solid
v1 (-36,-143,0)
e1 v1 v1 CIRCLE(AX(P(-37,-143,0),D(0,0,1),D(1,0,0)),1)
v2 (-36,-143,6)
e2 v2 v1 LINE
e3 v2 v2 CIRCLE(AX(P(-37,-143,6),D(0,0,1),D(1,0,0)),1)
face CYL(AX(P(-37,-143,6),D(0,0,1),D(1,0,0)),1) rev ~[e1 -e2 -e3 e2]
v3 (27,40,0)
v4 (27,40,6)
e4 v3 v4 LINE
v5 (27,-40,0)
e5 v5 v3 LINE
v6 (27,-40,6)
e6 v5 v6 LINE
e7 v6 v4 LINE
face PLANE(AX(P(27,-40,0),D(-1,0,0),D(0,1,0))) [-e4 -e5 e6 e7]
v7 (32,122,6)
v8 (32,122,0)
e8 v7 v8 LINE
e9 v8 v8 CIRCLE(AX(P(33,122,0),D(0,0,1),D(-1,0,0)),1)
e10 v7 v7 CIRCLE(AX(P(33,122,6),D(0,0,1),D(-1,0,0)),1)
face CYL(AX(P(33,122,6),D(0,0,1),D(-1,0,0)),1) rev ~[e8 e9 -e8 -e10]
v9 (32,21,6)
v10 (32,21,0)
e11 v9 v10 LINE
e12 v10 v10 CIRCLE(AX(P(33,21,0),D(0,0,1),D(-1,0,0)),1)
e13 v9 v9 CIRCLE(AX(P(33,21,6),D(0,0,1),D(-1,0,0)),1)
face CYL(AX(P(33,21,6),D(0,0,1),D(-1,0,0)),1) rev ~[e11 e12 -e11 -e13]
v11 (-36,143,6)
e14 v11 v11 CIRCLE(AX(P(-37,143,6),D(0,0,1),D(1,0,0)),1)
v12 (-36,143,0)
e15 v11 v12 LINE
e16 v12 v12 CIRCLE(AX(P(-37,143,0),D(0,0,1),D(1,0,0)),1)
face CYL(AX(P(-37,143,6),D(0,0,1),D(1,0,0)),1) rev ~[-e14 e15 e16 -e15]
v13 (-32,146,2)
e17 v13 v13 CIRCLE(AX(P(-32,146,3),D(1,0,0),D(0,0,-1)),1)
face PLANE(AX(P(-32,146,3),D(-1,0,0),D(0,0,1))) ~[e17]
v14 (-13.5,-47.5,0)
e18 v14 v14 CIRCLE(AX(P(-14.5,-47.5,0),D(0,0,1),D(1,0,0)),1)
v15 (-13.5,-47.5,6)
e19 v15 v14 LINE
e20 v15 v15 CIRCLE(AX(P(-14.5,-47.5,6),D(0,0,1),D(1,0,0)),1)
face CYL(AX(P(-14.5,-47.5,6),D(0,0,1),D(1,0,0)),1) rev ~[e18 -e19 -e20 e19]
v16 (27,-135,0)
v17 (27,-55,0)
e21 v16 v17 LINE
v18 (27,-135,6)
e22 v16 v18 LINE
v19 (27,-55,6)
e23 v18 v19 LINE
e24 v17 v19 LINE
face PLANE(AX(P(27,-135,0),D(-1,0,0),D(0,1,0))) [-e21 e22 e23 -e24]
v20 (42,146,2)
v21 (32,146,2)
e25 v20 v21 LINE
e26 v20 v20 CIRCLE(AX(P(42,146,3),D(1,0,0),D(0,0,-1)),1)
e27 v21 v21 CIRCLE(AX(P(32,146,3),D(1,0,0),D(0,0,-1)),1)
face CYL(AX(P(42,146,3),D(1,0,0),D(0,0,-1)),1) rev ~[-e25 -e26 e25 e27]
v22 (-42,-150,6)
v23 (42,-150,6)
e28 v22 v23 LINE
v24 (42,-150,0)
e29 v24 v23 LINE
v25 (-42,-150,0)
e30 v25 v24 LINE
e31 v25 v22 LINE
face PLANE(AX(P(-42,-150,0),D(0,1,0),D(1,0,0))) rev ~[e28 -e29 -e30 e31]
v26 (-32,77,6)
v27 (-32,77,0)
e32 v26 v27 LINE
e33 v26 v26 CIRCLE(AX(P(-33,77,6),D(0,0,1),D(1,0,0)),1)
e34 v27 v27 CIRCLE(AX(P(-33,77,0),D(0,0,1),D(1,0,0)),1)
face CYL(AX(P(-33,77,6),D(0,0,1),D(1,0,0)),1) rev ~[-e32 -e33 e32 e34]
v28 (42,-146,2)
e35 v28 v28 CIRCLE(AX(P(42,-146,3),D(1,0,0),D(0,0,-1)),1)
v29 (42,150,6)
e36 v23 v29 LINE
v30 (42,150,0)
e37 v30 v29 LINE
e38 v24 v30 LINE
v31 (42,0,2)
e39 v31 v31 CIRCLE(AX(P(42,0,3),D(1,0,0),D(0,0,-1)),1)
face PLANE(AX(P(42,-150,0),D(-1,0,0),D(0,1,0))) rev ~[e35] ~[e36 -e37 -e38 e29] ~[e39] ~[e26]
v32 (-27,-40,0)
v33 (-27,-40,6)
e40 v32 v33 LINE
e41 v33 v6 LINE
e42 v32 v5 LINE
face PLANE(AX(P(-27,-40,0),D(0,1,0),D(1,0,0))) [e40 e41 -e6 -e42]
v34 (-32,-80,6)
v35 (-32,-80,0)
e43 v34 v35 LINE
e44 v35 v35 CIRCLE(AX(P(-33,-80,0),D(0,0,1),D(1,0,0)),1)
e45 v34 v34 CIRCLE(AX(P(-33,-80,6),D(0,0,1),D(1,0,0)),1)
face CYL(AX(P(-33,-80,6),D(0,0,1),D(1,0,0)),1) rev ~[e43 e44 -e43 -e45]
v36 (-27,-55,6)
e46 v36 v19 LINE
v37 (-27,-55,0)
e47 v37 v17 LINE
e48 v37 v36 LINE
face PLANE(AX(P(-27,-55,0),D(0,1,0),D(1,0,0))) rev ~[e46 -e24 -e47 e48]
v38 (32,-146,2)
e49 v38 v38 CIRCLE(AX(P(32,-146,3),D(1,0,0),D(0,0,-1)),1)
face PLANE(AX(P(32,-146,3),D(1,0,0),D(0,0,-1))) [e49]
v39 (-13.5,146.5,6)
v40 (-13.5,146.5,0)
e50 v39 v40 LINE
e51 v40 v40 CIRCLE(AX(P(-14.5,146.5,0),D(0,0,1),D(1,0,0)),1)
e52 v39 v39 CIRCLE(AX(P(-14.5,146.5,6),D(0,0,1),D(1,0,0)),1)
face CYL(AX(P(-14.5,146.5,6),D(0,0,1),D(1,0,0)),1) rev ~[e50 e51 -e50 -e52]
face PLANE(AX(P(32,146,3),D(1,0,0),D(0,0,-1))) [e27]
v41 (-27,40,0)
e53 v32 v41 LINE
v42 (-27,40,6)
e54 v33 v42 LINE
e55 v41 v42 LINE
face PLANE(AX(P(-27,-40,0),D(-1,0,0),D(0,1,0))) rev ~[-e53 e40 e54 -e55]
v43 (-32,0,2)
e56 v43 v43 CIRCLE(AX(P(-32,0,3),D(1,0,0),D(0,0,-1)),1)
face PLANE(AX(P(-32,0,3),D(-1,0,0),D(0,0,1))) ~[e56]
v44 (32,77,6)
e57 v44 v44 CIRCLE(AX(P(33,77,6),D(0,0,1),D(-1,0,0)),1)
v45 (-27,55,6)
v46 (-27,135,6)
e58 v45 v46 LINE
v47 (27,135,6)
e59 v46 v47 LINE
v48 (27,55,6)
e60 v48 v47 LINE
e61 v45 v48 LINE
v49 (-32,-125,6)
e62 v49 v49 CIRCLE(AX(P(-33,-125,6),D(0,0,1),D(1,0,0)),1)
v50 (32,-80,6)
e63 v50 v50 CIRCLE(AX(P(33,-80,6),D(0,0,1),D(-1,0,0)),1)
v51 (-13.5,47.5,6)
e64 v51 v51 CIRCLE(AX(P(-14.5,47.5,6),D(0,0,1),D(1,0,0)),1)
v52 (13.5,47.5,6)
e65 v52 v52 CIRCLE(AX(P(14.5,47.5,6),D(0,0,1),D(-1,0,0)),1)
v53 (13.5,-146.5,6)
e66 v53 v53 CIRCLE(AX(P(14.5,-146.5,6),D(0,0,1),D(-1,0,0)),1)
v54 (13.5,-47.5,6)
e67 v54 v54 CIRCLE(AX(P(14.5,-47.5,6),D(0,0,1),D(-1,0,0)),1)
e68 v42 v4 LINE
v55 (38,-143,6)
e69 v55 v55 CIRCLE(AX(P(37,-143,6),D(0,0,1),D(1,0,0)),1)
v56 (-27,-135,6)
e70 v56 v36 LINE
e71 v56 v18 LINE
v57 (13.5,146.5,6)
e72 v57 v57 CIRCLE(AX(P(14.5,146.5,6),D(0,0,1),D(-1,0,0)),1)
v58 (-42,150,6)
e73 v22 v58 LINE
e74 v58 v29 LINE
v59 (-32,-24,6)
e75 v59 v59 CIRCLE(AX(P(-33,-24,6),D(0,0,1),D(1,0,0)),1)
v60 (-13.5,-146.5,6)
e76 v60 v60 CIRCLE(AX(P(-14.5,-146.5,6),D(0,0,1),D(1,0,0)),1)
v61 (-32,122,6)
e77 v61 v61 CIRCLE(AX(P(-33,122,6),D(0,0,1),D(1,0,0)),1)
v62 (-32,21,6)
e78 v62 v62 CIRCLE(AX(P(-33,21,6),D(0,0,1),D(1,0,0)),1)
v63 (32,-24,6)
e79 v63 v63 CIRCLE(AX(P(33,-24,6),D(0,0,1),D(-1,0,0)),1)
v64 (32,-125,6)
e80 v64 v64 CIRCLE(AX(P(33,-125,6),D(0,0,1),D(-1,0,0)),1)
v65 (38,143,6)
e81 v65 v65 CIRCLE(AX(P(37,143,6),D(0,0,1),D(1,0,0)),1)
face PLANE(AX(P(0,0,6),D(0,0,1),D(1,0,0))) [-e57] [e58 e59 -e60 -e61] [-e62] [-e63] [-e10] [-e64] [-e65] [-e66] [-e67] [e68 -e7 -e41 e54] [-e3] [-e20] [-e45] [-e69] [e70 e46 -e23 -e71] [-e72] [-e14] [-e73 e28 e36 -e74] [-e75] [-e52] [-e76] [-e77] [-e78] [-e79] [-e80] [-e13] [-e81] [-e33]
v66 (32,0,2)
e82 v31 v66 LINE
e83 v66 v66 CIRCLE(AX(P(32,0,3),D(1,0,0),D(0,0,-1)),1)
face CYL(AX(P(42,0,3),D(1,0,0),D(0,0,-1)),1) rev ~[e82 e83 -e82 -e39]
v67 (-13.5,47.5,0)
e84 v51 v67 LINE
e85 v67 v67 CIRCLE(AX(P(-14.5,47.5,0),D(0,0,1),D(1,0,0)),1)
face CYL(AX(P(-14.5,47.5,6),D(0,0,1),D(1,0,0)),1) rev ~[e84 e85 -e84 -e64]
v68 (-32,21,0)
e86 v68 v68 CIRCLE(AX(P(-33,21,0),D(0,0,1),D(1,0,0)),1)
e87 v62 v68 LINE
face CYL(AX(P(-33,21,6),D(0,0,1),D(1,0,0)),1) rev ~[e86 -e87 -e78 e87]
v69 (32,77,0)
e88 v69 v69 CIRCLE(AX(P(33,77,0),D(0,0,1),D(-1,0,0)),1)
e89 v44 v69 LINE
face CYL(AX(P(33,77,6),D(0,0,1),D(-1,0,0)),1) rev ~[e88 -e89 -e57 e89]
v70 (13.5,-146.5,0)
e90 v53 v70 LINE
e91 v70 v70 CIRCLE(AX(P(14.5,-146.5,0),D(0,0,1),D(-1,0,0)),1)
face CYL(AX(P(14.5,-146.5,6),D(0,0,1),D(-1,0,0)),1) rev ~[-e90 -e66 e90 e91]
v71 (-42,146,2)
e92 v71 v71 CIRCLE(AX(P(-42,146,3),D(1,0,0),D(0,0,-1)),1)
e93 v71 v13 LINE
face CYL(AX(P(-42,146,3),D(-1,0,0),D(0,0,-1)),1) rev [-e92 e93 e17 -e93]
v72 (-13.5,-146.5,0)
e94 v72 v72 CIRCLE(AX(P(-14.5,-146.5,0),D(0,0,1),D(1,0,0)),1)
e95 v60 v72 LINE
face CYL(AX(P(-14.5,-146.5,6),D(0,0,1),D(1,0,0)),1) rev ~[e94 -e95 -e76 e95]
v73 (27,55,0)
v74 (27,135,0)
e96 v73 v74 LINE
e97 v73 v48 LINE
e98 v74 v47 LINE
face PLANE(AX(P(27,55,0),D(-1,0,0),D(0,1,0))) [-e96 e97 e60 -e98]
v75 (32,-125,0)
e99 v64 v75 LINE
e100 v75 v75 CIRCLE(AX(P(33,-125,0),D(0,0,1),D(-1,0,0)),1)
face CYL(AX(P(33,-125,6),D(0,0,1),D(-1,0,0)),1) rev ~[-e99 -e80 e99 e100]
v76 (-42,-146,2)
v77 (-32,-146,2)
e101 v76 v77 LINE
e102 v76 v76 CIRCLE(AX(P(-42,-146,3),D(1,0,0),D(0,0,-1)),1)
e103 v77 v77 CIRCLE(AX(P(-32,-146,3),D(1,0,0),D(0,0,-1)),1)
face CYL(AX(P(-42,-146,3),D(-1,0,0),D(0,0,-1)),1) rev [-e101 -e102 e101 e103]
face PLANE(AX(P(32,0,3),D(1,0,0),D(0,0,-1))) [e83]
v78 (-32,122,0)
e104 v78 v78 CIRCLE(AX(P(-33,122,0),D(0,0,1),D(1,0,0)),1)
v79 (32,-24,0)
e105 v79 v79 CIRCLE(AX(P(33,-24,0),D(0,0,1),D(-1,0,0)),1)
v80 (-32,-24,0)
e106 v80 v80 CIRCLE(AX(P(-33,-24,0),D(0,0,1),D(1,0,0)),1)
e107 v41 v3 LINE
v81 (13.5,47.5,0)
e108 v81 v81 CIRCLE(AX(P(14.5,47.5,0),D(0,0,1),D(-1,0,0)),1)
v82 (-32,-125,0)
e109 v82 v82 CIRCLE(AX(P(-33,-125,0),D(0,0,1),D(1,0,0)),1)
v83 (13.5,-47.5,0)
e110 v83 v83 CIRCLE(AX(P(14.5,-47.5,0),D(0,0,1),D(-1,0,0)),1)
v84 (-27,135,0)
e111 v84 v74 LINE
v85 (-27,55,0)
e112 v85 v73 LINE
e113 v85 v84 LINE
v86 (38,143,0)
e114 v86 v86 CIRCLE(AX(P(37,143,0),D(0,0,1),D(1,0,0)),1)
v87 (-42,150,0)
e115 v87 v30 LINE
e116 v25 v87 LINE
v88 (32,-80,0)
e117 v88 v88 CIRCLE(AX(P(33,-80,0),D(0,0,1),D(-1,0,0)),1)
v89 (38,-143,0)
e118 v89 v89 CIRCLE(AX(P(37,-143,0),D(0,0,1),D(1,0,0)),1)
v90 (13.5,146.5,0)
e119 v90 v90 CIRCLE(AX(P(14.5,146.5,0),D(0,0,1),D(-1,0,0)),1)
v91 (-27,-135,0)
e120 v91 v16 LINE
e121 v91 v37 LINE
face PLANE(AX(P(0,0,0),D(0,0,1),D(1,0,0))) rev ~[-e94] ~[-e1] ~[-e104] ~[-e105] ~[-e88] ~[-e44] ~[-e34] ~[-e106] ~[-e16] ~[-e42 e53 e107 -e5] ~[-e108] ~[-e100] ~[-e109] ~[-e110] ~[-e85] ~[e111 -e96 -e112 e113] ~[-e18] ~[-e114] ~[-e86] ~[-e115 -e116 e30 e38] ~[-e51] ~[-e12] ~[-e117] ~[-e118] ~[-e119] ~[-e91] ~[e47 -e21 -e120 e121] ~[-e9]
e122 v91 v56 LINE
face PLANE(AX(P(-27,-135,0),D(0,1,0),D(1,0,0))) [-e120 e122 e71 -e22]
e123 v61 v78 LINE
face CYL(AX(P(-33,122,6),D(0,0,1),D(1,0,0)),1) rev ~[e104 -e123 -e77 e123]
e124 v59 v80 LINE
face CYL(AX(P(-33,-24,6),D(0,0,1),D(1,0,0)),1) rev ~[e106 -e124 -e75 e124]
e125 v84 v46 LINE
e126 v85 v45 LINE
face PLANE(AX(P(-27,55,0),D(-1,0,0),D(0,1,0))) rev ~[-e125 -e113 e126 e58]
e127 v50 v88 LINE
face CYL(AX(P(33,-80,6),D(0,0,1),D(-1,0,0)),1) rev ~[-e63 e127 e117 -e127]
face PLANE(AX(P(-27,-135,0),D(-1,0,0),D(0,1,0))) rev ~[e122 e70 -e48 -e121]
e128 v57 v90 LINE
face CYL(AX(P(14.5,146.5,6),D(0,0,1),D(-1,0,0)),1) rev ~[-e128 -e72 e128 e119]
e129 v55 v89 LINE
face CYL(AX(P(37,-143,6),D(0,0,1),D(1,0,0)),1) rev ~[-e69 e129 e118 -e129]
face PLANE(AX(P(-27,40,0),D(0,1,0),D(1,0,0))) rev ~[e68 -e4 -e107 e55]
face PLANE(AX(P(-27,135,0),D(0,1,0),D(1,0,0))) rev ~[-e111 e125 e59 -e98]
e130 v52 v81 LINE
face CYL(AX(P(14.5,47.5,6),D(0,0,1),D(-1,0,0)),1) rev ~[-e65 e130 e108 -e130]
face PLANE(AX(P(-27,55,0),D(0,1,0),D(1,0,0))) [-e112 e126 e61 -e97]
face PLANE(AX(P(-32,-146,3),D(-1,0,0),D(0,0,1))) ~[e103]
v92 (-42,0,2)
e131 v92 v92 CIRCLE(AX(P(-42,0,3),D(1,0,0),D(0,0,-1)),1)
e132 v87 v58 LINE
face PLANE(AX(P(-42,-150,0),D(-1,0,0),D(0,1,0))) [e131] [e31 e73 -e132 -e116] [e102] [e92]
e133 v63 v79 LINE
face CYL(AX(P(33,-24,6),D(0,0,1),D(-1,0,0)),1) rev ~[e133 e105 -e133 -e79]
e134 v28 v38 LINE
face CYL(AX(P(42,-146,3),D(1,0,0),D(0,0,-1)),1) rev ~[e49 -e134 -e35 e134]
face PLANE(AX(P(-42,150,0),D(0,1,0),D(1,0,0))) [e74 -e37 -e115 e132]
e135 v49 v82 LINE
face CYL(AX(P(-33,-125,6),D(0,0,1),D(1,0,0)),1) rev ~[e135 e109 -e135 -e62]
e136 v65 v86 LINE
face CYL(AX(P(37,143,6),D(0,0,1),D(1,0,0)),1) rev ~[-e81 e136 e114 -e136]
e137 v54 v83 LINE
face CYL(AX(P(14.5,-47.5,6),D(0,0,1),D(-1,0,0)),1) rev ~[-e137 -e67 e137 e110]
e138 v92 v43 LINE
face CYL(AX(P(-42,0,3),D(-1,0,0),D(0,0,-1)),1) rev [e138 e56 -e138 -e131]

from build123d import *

# Parameters (mm, degrees)
SKETCH1_W           = 84
SKETCH1_H           = 300
SKETCH1_W_2         = 54
SKETCH1_H_2         = 80
BOSS_EXTRUDE1_DEPTH = 6
SKETCH2_R           = 1
CUT_EXTRUDE1_DEPTH  = 10
SKETCH4_R           = 1
CUT_EXTRUDE3_DEPTH  = 10
SKETCH5_R           = 1
CUT_EXTRUDE4_DEPTH  = 10


with BuildPart() as part:
    # Sketch1 → Boss-Extrude1 (new body)
    with BuildSketch(Plane.XY):
        Rectangle(SKETCH1_W, SKETCH1_H)
        with Locations((0, 95)):
            Rectangle(SKETCH1_W_2, SKETCH1_H_2, mode=Mode.SUBTRACT)
        with Locations((0, -95)):
            Rectangle(SKETCH1_W_2, SKETCH1_H_2, mode=Mode.SUBTRACT)
        Rectangle(SKETCH1_W_2, SKETCH1_H_2, mode=Mode.SUBTRACT)
    extrude(amount=BOSS_EXTRUDE1_DEPTH)

    # Sketch2 → Cut-Extrude1 (cut)
    with BuildSketch(Plane(origin=(42, 0, 0), x_dir=(0, 0, -1), z_dir=(1, 0, 0))):
        with Locations((-3, 146)):
            Circle(SKETCH2_R)
        with Locations((-3, 0)):
            Circle(SKETCH2_R)
        with Locations((-3, -146)):
            Circle(SKETCH2_R)
        with Locations((-3, -292)):
            Circle(SKETCH2_R)
    cut_extrude1 = extrude(amount=-CUT_EXTRUDE1_DEPTH, mode=Mode.SUBTRACT)

    # Mirror1: Cut-Extrude1 across plane
    add(cut_extrude1.mirror(Plane(origin=(0, 0, 0), x_dir=(0, 0, 1), z_dir=(1, 0, 0))), mode=Mode.SUBTRACT)

    # Sketch4 → Cut-Extrude3 (cut)
    with BuildSketch(Plane.XY.offset(6)):
        with Locations((-14.5, 146.5)):
            Circle(SKETCH4_R)
        with Locations((-33, 122)):
            Circle(SKETCH4_R)
        with Locations((-14.5, 47.5)):
            Circle(SKETCH4_R)
        with Locations((-14.5, -47.5)):
            Circle(SKETCH4_R)
        with Locations((-14.5, -146.5)):
            Circle(SKETCH4_R)
        with Locations((-33, -125)):
            Circle(SKETCH4_R)
        with Locations((-33, 77)):
            Circle(SKETCH4_R)
        with Locations((-33, -80)):
            Circle(SKETCH4_R)
        with Locations((-33, 21)):
            Circle(SKETCH4_R)
        with Locations((-33, -24)):
            Circle(SKETCH4_R)
        with Locations(Location((33, -24, 0), (0, 0, 180))):
            Circle(SKETCH4_R)
        with Locations(Location((33, 21, 0), (0, 0, 180))):
            Circle(SKETCH4_R)
        with Locations(Location((33, -80, 0), (0, 0, 180))):
            Circle(SKETCH4_R)
        with Locations(Location((33, 77, 0), (0, 0, 180))):
            Circle(SKETCH4_R)
        with Locations(Location((33, -125, 0), (0, 0, 180))):
            Circle(SKETCH4_R)
        with Locations(Location((14.5, -146.5, 0), (0, 0, 180))):
            Circle(SKETCH4_R)
        with Locations(Location((14.5, -47.5, 0), (0, 0, 180))):
            Circle(SKETCH4_R)
        with Locations(Location((14.5, 47.5, 0), (0, 0, 180))):
            Circle(SKETCH4_R)
        with Locations(Location((33, 122, 0), (0, 0, 180))):
            Circle(SKETCH4_R)
        with Locations(Location((14.5, 146.5, 0), (0, 0, 180))):
            Circle(SKETCH4_R)
    extrude(amount=-CUT_EXTRUDE3_DEPTH, mode=Mode.SUBTRACT)

    # Sketch5 → Cut-Extrude4 (cut)
    with BuildSketch(Plane.XY.offset(6)):
        with Locations((-37, -143)):
            Circle(SKETCH5_R)
        with Locations((37, -143)):
            Circle(SKETCH5_R)
        with Locations((-37, 143)):
            Circle(SKETCH5_R)
        with Locations((37, 143)):
            Circle(SKETCH5_R)
    extrude(amount=-CUT_EXTRUDE4_DEPTH, mode=Mode.SUBTRACT)


solid = part.part
